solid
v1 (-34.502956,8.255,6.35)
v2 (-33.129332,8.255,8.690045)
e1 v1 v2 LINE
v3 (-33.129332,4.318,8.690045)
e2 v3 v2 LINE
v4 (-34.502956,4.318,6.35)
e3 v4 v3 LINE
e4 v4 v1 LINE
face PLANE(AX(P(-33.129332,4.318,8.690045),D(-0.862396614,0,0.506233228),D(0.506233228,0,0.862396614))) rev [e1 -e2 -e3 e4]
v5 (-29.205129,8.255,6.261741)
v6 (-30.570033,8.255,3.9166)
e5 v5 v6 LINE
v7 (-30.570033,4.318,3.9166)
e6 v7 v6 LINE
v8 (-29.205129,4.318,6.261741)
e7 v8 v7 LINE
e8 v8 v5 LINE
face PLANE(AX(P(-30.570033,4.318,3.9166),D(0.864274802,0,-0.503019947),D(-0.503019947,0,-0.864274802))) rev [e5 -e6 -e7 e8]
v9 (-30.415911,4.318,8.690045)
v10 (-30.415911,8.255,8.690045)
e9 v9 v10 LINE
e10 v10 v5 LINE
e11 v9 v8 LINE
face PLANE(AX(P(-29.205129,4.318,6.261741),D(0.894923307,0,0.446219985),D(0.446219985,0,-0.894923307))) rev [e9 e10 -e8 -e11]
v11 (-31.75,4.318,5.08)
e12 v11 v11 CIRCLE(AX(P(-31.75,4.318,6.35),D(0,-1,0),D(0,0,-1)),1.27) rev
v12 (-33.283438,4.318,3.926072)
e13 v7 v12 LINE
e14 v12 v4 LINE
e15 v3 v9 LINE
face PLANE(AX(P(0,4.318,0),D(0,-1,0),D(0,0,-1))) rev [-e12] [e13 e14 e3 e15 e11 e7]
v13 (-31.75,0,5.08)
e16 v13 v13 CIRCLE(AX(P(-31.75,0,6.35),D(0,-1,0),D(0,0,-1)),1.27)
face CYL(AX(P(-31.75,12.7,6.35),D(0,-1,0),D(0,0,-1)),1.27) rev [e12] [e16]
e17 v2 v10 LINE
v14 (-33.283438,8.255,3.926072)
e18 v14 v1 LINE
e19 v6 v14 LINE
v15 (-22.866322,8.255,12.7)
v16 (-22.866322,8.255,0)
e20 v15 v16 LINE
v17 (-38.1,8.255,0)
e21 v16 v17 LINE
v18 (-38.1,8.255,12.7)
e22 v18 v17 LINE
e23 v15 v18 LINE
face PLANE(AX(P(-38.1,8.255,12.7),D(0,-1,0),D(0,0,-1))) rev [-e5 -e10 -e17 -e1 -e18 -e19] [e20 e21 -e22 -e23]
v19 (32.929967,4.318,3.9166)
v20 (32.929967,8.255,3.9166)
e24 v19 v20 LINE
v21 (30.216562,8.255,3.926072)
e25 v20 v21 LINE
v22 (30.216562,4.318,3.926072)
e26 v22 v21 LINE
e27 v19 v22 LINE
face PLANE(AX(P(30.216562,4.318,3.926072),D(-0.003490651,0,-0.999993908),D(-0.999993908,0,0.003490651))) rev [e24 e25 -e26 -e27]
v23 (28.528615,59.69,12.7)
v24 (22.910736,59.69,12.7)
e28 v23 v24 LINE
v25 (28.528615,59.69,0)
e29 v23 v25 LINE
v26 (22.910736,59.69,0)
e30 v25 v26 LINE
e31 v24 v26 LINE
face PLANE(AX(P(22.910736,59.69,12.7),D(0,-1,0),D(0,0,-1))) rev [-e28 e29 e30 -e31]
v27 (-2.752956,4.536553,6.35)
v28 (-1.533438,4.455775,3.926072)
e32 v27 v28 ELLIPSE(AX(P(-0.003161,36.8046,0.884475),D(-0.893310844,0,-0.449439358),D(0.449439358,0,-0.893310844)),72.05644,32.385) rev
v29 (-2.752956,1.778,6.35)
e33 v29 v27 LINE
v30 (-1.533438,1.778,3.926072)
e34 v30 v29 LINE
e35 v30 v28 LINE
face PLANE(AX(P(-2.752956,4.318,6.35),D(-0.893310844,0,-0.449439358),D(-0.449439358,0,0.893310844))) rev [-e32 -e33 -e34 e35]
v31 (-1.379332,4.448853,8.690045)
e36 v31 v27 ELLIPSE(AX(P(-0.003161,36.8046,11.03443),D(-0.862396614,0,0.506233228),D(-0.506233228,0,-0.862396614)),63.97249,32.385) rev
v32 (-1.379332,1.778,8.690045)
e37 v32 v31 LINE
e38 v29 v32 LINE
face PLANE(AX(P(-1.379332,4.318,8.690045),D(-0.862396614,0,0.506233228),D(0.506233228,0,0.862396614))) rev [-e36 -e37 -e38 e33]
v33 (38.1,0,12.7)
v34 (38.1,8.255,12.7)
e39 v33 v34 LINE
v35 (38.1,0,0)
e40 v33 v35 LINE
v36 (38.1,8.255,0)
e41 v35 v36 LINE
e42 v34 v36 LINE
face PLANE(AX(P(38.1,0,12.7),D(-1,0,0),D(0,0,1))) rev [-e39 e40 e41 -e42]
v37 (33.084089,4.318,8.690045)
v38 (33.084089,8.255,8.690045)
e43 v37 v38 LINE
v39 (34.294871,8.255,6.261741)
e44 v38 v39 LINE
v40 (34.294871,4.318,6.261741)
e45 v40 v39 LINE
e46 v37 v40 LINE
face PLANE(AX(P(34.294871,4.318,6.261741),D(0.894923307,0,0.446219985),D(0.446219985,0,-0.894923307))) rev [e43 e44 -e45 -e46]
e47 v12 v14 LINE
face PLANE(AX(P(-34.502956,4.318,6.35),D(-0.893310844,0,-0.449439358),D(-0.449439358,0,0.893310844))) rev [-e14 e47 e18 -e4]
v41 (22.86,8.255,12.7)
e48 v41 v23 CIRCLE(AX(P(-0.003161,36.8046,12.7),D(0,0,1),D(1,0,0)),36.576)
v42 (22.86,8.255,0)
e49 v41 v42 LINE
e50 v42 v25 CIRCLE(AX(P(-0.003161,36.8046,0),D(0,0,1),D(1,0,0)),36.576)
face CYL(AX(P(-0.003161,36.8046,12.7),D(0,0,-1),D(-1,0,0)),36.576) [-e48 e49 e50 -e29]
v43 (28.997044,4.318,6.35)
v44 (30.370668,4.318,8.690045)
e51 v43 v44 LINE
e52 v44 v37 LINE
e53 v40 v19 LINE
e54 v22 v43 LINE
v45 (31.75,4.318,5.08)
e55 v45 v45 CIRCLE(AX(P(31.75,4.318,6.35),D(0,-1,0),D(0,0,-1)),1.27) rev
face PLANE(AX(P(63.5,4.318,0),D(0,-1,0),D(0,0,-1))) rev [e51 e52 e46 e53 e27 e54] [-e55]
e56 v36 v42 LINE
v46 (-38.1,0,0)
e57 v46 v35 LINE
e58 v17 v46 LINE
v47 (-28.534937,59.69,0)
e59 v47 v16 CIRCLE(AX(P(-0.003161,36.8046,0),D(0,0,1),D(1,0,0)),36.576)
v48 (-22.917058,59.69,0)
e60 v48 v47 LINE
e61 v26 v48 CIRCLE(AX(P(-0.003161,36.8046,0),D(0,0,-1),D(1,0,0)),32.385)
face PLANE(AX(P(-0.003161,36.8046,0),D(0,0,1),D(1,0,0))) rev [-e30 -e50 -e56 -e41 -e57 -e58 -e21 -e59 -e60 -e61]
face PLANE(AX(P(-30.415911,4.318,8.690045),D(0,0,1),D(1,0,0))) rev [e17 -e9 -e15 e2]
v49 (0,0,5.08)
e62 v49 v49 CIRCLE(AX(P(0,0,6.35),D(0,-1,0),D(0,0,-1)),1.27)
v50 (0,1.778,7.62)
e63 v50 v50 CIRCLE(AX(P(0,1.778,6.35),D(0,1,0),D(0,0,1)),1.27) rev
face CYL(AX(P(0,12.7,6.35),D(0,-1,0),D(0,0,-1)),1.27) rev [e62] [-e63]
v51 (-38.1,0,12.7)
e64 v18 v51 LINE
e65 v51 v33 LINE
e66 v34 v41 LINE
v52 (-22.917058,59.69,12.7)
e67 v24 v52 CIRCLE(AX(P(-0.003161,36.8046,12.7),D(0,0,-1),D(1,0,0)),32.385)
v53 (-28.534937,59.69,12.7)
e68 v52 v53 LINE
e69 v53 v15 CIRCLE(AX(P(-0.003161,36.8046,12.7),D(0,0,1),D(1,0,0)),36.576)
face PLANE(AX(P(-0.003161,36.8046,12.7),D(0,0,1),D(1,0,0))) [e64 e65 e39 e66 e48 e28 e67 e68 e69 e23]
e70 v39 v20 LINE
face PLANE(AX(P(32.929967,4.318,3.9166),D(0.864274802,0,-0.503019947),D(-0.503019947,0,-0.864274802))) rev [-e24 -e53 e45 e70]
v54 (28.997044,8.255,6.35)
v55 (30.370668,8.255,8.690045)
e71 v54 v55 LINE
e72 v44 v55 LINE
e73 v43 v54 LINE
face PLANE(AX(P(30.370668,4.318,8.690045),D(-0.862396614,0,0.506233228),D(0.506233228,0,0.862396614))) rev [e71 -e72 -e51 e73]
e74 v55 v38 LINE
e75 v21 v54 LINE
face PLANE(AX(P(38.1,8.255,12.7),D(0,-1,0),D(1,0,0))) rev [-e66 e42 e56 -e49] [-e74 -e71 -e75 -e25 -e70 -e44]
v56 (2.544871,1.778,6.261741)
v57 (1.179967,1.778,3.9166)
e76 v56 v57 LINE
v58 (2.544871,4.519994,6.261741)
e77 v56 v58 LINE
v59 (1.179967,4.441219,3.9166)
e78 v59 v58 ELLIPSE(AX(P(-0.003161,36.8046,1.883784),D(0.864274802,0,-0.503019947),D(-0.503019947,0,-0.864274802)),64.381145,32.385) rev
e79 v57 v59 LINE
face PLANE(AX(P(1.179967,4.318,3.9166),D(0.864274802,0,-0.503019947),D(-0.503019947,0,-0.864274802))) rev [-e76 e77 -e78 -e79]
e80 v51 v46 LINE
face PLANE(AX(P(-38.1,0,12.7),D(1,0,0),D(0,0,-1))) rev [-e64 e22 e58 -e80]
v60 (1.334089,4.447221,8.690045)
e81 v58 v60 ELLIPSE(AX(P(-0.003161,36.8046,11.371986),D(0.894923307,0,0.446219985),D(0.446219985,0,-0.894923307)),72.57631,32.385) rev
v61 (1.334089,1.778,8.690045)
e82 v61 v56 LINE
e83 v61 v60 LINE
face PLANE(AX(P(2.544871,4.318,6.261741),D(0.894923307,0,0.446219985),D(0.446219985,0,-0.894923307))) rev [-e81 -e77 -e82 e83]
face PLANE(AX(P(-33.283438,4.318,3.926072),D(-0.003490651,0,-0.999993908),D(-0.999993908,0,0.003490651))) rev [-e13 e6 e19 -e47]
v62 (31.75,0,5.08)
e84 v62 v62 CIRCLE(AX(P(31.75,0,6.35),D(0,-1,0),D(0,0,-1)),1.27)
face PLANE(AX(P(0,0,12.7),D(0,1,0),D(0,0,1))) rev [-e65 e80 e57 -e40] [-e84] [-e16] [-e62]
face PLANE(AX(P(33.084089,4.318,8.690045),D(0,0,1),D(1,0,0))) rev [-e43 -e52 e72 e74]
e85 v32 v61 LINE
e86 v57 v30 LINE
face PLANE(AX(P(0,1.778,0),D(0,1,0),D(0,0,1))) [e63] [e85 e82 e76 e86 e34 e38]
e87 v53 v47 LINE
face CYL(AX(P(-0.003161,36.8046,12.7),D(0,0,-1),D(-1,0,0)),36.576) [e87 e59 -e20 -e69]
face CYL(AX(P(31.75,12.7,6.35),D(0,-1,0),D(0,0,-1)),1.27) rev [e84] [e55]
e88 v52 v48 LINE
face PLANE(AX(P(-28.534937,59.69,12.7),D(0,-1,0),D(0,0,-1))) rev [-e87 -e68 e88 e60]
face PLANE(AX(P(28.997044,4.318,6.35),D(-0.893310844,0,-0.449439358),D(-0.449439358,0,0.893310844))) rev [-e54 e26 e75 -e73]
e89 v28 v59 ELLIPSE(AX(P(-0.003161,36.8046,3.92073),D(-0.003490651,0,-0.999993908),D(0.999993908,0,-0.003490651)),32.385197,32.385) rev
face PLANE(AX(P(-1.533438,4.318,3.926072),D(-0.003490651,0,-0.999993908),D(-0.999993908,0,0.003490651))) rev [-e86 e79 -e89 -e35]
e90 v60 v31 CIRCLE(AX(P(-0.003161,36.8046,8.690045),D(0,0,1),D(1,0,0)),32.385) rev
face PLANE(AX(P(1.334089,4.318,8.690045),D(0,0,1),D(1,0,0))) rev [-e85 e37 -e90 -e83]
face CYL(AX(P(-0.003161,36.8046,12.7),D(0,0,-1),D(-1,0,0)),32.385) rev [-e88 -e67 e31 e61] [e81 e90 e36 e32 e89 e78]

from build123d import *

# Parameters (mm, degrees)
BOSS_EXTRUDE1_DEPTH = 12.7
SKETCH3_R           = 1.27
CUT_EXTRUDE1_DEPTH  = 12.7
CUT_EXTRUDE2_DEPTH  = 3.937
LPATTERN1_COUNT     = 3
LPATTERN1_PITCH     = 31.75
CUT_EXTRUDE3_DEPTH  = 2.54


with BuildPart() as part:
    # Sketch2 → Boss-Extrude1 (new body)
    with BuildSketch(Plane.XY):
        with BuildLine():
            Line((0, 0), (38.1, 0))
            Line((38.1, 0), (38.1, 8.255))
            Line((38.1, 8.255), (22.86, 8.255))
            ThreePointArc((22.86, 8.255), (36.352714712, 32.797844463), (28.528615071, 59.69))
            Line((28.528615071, 59.69), (22.910736376, 59.69))
            ThreePointArc((22.910736376, 59.69), (-0.00316084, 4.419599864), (-22.917058056, 59.69))
            Line((-22.917058056, 59.69), (-28.534936751, 59.69))
            ThreePointArc((-28.534936751, 59.69), (-36.359036392, 32.797844463), (-22.86632168, 8.255))
            Line((-22.86632168, 8.255), (-38.1, 8.255))
            Line((-38.1, 8.255), (-38.1, 0))
            Line((-38.1, 0), (0, 0))
        make_face()
    extrude(amount=BOSS_EXTRUDE1_DEPTH)

    # Sketch3 → Cut-Extrude1 (cut)
    with BuildSketch(Plane.XZ):
        with Locations(Location((0, 6.35, 0), (0, 0, 270))):
            Circle(SKETCH3_R)
        with Locations(Location((31.75, 6.35, 0), (0, 0, 270))):
            Circle(SKETCH3_R)
        with Locations(Location((-31.75, 6.35, 0), (0, 0, 270))):
            Circle(SKETCH3_R)
    extrude(amount=-CUT_EXTRUDE1_DEPTH, mode=Mode.SUBTRACT)

    # Sketch4 → Cut-Extrude2 (cut)
    with BuildSketch(Plane(origin=(0, 8.255, 0), x_dir=(1, 0, 0), z_dir=(0, 1, 0))):
        Polygon((-30.415911199, -8.690045044), (-33.129332156, -8.690045044), (-34.502956004, -6.35), (-33.28343783, -3.926071637), (-30.570033405, -3.91660003), (-29.20512854, -6.26174139), align=None)
    cut_extrude2 = extrude(amount=-CUT_EXTRUDE2_DEPTH, mode=Mode.SUBTRACT)

    # LPattern1: Cut-Extrude2 ×3
    with Locations(*[(i * LPATTERN1_PITCH, 0, 0) for i in range(1, LPATTERN1_COUNT)]):
        add(cut_extrude2, mode=Mode.SUBTRACT)

    # Sketch6 → Cut-Extrude3 (cut)
    with BuildSketch(Plane(origin=(0, 4.318, 0), x_dir=(1, 0, 0), z_dir=(0, 1, 0))):
        Polygon((1.334088801, -8.690045044), (-1.379332156, -8.690045044), (-2.752956004, -6.35), (-1.53343783, -3.926071637), (1.179966595, -3.91660003), (2.54487146, -6.26174139), align=None)
    extrude(amount=-CUT_EXTRUDE3_DEPTH, mode=Mode.SUBTRACT)


solid = part.part
